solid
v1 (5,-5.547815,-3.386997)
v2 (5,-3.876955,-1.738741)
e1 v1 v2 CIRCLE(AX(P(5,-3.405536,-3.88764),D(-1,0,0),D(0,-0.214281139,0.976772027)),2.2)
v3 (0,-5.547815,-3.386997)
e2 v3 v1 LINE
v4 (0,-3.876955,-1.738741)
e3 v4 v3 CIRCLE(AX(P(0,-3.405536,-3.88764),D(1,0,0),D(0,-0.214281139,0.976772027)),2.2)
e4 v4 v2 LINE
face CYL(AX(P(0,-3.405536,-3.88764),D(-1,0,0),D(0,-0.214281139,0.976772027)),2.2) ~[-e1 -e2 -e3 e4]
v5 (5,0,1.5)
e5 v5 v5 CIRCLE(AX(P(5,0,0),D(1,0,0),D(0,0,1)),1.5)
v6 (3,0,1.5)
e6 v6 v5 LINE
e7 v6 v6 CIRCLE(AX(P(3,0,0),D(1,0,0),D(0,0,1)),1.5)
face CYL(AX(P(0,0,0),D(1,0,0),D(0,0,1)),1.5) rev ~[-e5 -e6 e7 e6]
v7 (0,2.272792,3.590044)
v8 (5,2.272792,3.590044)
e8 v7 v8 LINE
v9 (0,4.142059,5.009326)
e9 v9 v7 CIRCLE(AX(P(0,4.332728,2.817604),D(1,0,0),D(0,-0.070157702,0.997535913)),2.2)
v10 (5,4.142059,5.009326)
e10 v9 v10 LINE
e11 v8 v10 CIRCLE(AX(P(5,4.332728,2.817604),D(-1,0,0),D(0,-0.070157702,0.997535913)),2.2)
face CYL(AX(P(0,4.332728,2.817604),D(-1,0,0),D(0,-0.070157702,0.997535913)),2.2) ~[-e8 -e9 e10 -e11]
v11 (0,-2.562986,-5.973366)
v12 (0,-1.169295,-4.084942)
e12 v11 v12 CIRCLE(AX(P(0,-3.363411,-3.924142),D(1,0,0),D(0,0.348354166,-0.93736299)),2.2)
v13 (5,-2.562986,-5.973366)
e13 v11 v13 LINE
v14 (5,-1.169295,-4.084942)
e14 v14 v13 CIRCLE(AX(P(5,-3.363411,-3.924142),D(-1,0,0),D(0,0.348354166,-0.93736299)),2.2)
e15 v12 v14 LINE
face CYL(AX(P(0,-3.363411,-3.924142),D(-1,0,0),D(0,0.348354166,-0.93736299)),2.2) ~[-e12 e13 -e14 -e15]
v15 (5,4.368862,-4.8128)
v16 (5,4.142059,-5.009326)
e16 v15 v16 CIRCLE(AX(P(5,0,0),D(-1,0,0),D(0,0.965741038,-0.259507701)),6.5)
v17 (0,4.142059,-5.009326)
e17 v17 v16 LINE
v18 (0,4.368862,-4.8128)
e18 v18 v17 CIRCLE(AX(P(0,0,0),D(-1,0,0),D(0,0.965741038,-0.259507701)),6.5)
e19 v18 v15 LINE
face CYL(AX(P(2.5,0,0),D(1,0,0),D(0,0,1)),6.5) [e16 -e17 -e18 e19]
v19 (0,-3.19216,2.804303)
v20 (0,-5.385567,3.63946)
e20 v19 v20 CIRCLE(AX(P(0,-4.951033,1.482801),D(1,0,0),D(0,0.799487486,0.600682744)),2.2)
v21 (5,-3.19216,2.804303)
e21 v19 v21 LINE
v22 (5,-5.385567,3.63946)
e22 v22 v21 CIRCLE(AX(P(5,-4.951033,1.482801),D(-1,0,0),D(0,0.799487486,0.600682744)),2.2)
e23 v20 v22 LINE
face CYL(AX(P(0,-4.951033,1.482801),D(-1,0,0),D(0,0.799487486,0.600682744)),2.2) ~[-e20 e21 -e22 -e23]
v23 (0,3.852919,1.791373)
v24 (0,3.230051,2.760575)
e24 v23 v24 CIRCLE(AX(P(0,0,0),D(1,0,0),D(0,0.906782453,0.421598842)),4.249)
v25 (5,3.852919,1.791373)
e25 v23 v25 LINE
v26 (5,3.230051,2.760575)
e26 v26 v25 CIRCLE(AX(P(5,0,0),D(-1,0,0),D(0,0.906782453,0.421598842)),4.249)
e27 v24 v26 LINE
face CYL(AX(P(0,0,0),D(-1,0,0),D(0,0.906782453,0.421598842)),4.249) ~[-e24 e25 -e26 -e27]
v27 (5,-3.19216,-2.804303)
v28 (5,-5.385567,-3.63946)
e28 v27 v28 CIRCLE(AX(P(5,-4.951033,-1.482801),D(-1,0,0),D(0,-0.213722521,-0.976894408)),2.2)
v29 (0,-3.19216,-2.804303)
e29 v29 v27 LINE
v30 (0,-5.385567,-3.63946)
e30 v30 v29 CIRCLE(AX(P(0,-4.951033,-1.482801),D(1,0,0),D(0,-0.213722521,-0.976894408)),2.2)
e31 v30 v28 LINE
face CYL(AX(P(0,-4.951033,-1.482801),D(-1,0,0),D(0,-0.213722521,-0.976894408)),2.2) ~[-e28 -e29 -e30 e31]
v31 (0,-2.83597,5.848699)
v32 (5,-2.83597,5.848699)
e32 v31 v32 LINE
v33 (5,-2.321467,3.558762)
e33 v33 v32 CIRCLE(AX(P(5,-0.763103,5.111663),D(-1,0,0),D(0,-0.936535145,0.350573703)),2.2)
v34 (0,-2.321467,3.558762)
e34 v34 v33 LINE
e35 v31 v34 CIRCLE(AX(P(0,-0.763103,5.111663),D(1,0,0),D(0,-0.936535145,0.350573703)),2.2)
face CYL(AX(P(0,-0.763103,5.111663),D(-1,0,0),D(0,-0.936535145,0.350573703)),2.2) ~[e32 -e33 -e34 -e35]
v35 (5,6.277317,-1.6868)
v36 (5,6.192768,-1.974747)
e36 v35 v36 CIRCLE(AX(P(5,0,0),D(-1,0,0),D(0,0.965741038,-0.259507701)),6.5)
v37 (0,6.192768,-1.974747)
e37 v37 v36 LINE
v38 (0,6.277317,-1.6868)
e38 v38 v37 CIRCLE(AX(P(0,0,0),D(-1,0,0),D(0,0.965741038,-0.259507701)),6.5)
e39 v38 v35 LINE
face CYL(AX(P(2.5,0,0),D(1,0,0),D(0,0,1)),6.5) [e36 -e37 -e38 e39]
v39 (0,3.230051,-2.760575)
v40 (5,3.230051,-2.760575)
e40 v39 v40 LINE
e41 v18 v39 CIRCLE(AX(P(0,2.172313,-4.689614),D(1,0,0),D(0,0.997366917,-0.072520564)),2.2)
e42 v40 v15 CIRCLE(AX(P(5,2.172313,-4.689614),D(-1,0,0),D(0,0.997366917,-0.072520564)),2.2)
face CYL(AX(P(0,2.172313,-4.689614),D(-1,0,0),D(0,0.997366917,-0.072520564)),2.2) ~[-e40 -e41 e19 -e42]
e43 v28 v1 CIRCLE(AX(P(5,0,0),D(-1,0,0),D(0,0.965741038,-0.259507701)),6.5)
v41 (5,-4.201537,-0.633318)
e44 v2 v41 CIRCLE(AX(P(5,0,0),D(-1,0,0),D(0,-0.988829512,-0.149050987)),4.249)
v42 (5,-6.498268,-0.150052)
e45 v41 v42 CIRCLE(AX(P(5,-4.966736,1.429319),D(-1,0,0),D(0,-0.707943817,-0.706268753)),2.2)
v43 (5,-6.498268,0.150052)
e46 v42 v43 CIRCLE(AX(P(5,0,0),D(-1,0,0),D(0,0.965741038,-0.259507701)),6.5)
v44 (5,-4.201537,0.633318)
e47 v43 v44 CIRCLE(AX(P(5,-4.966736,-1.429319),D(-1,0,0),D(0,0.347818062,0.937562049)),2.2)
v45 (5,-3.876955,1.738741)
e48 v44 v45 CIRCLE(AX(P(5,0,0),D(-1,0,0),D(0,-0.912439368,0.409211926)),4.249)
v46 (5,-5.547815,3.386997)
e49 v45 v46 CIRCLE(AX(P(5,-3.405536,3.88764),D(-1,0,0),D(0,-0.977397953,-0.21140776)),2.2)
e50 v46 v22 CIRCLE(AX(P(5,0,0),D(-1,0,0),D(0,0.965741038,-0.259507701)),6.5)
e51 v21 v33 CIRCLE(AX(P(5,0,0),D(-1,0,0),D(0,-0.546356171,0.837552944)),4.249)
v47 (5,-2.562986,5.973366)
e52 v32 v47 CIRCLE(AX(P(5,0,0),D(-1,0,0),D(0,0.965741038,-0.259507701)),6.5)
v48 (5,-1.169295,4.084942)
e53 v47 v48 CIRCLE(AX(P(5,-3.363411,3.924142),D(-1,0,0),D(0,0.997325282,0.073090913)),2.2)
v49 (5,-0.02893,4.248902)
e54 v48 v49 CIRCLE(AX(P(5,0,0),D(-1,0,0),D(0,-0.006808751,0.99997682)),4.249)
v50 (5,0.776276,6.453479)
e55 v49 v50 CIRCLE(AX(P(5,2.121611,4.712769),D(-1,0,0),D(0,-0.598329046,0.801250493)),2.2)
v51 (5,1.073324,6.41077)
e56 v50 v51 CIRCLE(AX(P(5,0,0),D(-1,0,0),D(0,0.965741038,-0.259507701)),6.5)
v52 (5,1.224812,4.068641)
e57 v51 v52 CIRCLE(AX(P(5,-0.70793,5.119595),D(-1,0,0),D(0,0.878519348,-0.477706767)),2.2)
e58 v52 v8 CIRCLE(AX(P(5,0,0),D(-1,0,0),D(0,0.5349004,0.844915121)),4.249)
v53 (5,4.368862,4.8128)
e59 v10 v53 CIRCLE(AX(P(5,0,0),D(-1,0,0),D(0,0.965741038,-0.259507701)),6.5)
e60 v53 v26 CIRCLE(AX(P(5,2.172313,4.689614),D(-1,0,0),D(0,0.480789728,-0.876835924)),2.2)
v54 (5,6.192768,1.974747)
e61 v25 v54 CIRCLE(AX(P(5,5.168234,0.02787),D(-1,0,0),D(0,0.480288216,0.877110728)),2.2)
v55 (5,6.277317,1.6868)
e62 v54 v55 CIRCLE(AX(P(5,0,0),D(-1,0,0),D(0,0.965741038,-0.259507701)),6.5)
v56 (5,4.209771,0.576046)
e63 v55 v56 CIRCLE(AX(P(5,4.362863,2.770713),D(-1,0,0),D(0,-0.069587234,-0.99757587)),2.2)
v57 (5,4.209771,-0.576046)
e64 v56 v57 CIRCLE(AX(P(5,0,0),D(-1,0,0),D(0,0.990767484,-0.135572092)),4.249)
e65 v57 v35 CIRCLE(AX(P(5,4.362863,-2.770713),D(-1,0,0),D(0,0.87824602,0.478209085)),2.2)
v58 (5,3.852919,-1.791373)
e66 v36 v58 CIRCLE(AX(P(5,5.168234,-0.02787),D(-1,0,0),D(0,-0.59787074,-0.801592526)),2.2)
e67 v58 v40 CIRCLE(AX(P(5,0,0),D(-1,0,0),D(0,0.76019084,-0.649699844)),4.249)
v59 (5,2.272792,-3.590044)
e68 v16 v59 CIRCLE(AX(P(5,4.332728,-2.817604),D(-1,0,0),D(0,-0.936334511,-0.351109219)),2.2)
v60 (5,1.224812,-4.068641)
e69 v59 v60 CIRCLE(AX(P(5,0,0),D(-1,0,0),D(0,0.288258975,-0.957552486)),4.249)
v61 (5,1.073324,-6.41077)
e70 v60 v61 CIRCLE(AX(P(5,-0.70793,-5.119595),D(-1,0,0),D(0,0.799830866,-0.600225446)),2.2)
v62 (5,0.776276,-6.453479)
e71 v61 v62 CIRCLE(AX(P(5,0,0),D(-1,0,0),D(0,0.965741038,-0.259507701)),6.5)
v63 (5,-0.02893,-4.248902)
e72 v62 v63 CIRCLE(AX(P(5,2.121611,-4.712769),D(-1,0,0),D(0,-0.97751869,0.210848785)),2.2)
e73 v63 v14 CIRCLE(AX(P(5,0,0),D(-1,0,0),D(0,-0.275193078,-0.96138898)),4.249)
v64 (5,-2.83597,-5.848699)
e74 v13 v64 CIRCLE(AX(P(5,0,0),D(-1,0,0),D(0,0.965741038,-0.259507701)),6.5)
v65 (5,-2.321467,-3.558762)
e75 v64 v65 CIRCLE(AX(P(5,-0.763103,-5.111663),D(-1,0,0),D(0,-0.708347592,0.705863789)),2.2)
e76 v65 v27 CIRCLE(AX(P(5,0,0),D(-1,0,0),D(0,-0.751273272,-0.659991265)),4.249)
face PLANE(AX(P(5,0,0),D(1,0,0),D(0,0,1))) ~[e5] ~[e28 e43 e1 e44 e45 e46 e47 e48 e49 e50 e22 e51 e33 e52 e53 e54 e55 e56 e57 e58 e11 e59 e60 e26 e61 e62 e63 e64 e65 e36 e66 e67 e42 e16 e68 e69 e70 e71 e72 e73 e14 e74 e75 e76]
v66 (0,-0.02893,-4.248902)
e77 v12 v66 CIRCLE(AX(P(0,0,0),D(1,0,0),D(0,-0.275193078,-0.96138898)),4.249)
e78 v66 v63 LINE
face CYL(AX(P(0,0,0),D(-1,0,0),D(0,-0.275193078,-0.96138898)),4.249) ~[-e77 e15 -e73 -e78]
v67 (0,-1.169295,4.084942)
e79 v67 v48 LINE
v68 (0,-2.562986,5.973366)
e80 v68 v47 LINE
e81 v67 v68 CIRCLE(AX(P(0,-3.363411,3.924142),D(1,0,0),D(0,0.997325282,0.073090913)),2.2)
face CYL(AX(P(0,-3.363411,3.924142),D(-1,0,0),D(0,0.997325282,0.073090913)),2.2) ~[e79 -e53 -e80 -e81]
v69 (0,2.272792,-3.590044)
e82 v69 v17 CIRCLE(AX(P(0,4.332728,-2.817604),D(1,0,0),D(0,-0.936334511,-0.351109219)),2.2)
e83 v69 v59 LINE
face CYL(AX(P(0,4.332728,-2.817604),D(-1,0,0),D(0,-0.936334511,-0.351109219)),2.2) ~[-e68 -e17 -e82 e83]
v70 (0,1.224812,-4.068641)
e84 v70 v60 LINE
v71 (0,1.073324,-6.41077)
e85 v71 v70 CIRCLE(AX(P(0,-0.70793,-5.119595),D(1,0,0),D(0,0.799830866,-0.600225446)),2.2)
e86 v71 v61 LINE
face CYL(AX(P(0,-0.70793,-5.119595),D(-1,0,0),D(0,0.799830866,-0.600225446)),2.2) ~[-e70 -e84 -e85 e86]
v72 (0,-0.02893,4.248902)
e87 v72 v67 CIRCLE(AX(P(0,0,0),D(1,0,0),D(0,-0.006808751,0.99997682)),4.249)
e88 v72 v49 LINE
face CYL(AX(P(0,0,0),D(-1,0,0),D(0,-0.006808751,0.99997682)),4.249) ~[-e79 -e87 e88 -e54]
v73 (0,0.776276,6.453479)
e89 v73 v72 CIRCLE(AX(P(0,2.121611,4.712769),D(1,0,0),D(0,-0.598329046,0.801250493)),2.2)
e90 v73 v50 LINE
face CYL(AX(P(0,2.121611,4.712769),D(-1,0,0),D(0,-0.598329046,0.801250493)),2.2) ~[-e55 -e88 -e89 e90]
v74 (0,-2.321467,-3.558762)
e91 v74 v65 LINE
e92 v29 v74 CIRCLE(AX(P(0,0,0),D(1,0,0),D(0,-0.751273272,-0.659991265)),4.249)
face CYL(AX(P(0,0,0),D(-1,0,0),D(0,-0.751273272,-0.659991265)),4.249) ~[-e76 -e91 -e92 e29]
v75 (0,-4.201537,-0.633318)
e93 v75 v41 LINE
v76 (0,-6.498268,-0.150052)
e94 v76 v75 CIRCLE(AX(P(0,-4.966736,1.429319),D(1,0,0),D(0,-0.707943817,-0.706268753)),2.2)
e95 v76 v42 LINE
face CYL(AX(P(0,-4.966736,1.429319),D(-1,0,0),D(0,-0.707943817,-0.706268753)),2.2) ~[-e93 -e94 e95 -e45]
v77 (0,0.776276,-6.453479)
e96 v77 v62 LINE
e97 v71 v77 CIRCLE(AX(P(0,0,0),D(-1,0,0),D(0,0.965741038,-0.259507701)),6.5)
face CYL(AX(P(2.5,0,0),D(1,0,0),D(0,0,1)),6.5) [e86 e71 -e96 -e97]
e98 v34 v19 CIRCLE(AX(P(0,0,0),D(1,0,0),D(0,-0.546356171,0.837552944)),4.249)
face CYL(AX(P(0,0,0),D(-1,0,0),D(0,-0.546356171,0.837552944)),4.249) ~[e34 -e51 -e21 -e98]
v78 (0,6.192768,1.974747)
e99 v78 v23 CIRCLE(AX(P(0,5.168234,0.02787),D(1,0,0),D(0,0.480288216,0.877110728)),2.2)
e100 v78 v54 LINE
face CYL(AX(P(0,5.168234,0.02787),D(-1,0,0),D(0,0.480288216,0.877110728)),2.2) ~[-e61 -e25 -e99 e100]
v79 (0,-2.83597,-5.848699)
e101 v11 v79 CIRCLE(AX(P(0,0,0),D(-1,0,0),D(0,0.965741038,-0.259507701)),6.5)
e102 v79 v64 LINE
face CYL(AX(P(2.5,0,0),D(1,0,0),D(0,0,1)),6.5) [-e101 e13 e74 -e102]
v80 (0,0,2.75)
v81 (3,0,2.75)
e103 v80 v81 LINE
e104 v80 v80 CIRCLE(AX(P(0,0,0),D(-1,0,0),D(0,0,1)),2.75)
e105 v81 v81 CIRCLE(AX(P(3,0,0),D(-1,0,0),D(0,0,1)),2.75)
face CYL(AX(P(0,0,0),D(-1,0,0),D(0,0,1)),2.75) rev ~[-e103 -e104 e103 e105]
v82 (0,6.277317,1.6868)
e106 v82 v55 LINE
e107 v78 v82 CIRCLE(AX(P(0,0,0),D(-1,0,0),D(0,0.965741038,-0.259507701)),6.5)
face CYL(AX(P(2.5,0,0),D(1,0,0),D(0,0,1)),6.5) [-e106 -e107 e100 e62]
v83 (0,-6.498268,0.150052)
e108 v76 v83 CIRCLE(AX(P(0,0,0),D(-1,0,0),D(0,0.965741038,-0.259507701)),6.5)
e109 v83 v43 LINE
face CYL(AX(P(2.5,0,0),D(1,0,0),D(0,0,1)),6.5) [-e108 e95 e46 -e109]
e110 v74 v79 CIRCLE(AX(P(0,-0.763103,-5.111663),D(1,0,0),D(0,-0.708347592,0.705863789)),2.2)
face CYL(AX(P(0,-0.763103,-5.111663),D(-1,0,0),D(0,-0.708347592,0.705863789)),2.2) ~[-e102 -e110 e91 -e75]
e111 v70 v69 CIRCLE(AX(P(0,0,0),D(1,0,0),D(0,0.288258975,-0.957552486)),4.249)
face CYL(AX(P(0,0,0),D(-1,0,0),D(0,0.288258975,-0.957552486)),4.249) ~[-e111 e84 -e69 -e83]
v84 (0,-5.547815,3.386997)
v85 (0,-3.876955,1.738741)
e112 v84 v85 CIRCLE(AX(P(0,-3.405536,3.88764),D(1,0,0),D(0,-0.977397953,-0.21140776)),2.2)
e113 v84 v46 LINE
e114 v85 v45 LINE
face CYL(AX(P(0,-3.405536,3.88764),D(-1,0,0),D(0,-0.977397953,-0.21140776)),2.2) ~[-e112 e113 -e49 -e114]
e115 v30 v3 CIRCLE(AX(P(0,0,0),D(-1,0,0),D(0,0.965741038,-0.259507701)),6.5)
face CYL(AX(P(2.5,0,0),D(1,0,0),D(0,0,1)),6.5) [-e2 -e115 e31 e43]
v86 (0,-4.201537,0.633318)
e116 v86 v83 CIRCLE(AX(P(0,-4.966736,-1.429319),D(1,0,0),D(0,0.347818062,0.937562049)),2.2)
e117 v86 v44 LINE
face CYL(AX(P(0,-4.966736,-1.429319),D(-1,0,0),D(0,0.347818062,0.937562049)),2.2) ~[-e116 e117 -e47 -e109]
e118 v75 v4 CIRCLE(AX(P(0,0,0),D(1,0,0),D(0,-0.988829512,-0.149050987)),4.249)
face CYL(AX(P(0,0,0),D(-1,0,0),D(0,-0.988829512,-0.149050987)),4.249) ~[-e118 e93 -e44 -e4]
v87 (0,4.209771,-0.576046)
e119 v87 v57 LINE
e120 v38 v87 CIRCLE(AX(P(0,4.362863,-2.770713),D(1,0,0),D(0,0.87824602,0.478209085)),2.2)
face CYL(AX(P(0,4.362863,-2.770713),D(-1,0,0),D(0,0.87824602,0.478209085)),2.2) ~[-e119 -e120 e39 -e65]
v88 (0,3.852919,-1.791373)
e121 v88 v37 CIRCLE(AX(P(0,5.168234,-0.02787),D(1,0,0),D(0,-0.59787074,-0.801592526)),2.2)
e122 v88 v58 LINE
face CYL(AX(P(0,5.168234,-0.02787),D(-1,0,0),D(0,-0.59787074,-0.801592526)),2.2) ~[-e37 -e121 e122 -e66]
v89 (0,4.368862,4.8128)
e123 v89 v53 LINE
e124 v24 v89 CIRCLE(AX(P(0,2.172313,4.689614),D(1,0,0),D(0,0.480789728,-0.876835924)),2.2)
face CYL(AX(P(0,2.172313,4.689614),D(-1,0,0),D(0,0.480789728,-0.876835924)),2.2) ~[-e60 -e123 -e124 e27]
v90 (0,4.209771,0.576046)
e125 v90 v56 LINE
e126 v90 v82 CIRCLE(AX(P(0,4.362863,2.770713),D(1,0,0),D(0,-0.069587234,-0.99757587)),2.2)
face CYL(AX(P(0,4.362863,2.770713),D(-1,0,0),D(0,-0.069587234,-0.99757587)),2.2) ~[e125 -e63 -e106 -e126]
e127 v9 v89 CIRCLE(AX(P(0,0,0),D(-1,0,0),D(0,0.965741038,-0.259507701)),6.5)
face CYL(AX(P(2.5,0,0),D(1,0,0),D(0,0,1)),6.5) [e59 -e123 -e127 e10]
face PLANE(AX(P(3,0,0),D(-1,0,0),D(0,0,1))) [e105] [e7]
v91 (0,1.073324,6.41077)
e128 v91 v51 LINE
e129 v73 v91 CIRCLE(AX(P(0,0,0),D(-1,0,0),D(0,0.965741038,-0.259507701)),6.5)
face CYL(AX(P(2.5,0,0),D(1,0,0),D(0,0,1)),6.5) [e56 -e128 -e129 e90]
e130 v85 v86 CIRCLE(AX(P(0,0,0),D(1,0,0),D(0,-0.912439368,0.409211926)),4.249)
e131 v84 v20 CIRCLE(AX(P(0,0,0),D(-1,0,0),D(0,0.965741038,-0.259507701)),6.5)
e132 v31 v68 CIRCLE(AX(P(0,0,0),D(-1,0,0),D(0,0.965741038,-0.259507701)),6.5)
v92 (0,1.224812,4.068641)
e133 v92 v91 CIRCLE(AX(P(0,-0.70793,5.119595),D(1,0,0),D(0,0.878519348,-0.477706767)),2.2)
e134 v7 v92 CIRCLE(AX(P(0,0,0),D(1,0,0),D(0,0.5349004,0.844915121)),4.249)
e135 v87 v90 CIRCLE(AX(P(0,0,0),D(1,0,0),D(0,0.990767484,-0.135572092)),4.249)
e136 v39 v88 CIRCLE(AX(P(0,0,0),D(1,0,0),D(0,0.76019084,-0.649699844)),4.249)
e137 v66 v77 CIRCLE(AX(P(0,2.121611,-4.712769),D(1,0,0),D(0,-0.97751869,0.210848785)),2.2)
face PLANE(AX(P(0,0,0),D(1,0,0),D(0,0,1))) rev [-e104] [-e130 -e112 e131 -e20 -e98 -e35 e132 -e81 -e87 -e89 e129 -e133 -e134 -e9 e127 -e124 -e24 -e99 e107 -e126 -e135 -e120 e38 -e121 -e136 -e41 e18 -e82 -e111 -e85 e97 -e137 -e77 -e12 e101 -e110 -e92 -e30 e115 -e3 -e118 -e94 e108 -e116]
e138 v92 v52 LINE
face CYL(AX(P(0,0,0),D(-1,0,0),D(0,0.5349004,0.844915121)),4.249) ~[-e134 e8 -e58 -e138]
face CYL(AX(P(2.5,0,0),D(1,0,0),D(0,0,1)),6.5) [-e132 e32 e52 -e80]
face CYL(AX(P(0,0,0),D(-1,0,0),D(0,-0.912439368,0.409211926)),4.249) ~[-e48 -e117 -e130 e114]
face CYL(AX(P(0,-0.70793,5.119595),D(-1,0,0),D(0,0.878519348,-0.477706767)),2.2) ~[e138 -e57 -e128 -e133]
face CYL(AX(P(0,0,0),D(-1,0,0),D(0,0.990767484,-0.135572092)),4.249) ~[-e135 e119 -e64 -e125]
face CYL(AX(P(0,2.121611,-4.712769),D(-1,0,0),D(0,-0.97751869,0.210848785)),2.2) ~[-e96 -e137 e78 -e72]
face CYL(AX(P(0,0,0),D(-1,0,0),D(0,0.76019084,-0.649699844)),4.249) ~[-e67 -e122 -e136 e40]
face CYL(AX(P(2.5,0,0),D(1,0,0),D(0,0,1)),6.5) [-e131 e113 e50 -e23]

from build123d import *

# Parameters (mm, degrees)
BASPROSKE_W             = 5
BASPROSKE_H             = 6.5
TOOTHCUT_DEPTH          = 11.464224768
TEETHCUTS_COUNT         = 11
TEETHCUTS_ANGLE         = 327.272727273
BORSKE_R                = 1.5
BORE_DEPTH              = 50.0000508
ESQUISSE1_R             = 2.75
ENL_V_MAT_EXTRU_1_DEPTH = 3


with BuildPart() as part:
    # BasProSke → Base-Revolve (revolve)
    with BuildSketch(Plane(origin=(0, 0, 0), x_dir=(1, 0, 0), z_dir=(0, 1, 0)), mode=Mode.PRIVATE) as base_revolve_sk:
        with Locations((2.5, 3.25)):
            Rectangle(BASPROSKE_W, BASPROSKE_H)
    revolve(base_revolve_sk.sketch.rotate(Axis((-10, 0, 0), (1, 0, 0)), 180), axis=Axis((-10, 0, 0), (1, 0, 0)))

    # TooCutSke → ToothCut (cut, through all)
    with BuildSketch(Plane(origin=(0, 0, 0), x_dir=(0, 0, -1), z_dir=(1, 0, 0))):
        with BuildLine():
            ThreePointArc((0.576045815, 4.209771041), (0, 4.249), (-0.576045815, 4.209771041))
            ThreePointArc((-0.576045815, 4.209771041), (-0.841371334, 5.420048739), (-1.718652745, 6.295004202))
            ThreePointArc((-1.718652745, 6.295004202), (0, 6.5254), (1.718652745, 6.295004202))
            ThreePointArc((1.718652745, 6.295004202), (0.841371334, 5.420048739), (0.576045815, 4.209771041))
        make_face()
    toothcut = extrude(amount=TOOTHCUT_DEPTH, mode=Mode.SUBTRACT)

    # TeethCuts: ToothCut ×11 about axis
    teethcuts_axis = Axis((-10, 0, 0), (1, 0, 0))
    for i in range(1, TEETHCUTS_COUNT):
        add(toothcut.rotate(teethcuts_axis, i * TEETHCUTS_ANGLE / (TEETHCUTS_COUNT - 1)), mode=Mode.SUBTRACT)

    # BorSke → Bore (cut, symmetric)
    with BuildSketch(Plane(origin=(0, 0, 0), x_dir=(0, 0, -1), z_dir=(1, 0, 0))):
        with Locations(Location((0, 0, 0), (0, 0, 180))):
            Circle(BORSKE_R)
    extrude(amount=BORE_DEPTH, both=True, mode=Mode.SUBTRACT)

    # Esquisse1 → Enlèv. mat.-Extru.1 (cut)
    with BuildSketch(Plane.ZY):
        Circle(ESQUISSE1_R)
    extrude(amount=-ENL_V_MAT_EXTRU_1_DEPTH, mode=Mode.SUBTRACT)


solid = part.part
